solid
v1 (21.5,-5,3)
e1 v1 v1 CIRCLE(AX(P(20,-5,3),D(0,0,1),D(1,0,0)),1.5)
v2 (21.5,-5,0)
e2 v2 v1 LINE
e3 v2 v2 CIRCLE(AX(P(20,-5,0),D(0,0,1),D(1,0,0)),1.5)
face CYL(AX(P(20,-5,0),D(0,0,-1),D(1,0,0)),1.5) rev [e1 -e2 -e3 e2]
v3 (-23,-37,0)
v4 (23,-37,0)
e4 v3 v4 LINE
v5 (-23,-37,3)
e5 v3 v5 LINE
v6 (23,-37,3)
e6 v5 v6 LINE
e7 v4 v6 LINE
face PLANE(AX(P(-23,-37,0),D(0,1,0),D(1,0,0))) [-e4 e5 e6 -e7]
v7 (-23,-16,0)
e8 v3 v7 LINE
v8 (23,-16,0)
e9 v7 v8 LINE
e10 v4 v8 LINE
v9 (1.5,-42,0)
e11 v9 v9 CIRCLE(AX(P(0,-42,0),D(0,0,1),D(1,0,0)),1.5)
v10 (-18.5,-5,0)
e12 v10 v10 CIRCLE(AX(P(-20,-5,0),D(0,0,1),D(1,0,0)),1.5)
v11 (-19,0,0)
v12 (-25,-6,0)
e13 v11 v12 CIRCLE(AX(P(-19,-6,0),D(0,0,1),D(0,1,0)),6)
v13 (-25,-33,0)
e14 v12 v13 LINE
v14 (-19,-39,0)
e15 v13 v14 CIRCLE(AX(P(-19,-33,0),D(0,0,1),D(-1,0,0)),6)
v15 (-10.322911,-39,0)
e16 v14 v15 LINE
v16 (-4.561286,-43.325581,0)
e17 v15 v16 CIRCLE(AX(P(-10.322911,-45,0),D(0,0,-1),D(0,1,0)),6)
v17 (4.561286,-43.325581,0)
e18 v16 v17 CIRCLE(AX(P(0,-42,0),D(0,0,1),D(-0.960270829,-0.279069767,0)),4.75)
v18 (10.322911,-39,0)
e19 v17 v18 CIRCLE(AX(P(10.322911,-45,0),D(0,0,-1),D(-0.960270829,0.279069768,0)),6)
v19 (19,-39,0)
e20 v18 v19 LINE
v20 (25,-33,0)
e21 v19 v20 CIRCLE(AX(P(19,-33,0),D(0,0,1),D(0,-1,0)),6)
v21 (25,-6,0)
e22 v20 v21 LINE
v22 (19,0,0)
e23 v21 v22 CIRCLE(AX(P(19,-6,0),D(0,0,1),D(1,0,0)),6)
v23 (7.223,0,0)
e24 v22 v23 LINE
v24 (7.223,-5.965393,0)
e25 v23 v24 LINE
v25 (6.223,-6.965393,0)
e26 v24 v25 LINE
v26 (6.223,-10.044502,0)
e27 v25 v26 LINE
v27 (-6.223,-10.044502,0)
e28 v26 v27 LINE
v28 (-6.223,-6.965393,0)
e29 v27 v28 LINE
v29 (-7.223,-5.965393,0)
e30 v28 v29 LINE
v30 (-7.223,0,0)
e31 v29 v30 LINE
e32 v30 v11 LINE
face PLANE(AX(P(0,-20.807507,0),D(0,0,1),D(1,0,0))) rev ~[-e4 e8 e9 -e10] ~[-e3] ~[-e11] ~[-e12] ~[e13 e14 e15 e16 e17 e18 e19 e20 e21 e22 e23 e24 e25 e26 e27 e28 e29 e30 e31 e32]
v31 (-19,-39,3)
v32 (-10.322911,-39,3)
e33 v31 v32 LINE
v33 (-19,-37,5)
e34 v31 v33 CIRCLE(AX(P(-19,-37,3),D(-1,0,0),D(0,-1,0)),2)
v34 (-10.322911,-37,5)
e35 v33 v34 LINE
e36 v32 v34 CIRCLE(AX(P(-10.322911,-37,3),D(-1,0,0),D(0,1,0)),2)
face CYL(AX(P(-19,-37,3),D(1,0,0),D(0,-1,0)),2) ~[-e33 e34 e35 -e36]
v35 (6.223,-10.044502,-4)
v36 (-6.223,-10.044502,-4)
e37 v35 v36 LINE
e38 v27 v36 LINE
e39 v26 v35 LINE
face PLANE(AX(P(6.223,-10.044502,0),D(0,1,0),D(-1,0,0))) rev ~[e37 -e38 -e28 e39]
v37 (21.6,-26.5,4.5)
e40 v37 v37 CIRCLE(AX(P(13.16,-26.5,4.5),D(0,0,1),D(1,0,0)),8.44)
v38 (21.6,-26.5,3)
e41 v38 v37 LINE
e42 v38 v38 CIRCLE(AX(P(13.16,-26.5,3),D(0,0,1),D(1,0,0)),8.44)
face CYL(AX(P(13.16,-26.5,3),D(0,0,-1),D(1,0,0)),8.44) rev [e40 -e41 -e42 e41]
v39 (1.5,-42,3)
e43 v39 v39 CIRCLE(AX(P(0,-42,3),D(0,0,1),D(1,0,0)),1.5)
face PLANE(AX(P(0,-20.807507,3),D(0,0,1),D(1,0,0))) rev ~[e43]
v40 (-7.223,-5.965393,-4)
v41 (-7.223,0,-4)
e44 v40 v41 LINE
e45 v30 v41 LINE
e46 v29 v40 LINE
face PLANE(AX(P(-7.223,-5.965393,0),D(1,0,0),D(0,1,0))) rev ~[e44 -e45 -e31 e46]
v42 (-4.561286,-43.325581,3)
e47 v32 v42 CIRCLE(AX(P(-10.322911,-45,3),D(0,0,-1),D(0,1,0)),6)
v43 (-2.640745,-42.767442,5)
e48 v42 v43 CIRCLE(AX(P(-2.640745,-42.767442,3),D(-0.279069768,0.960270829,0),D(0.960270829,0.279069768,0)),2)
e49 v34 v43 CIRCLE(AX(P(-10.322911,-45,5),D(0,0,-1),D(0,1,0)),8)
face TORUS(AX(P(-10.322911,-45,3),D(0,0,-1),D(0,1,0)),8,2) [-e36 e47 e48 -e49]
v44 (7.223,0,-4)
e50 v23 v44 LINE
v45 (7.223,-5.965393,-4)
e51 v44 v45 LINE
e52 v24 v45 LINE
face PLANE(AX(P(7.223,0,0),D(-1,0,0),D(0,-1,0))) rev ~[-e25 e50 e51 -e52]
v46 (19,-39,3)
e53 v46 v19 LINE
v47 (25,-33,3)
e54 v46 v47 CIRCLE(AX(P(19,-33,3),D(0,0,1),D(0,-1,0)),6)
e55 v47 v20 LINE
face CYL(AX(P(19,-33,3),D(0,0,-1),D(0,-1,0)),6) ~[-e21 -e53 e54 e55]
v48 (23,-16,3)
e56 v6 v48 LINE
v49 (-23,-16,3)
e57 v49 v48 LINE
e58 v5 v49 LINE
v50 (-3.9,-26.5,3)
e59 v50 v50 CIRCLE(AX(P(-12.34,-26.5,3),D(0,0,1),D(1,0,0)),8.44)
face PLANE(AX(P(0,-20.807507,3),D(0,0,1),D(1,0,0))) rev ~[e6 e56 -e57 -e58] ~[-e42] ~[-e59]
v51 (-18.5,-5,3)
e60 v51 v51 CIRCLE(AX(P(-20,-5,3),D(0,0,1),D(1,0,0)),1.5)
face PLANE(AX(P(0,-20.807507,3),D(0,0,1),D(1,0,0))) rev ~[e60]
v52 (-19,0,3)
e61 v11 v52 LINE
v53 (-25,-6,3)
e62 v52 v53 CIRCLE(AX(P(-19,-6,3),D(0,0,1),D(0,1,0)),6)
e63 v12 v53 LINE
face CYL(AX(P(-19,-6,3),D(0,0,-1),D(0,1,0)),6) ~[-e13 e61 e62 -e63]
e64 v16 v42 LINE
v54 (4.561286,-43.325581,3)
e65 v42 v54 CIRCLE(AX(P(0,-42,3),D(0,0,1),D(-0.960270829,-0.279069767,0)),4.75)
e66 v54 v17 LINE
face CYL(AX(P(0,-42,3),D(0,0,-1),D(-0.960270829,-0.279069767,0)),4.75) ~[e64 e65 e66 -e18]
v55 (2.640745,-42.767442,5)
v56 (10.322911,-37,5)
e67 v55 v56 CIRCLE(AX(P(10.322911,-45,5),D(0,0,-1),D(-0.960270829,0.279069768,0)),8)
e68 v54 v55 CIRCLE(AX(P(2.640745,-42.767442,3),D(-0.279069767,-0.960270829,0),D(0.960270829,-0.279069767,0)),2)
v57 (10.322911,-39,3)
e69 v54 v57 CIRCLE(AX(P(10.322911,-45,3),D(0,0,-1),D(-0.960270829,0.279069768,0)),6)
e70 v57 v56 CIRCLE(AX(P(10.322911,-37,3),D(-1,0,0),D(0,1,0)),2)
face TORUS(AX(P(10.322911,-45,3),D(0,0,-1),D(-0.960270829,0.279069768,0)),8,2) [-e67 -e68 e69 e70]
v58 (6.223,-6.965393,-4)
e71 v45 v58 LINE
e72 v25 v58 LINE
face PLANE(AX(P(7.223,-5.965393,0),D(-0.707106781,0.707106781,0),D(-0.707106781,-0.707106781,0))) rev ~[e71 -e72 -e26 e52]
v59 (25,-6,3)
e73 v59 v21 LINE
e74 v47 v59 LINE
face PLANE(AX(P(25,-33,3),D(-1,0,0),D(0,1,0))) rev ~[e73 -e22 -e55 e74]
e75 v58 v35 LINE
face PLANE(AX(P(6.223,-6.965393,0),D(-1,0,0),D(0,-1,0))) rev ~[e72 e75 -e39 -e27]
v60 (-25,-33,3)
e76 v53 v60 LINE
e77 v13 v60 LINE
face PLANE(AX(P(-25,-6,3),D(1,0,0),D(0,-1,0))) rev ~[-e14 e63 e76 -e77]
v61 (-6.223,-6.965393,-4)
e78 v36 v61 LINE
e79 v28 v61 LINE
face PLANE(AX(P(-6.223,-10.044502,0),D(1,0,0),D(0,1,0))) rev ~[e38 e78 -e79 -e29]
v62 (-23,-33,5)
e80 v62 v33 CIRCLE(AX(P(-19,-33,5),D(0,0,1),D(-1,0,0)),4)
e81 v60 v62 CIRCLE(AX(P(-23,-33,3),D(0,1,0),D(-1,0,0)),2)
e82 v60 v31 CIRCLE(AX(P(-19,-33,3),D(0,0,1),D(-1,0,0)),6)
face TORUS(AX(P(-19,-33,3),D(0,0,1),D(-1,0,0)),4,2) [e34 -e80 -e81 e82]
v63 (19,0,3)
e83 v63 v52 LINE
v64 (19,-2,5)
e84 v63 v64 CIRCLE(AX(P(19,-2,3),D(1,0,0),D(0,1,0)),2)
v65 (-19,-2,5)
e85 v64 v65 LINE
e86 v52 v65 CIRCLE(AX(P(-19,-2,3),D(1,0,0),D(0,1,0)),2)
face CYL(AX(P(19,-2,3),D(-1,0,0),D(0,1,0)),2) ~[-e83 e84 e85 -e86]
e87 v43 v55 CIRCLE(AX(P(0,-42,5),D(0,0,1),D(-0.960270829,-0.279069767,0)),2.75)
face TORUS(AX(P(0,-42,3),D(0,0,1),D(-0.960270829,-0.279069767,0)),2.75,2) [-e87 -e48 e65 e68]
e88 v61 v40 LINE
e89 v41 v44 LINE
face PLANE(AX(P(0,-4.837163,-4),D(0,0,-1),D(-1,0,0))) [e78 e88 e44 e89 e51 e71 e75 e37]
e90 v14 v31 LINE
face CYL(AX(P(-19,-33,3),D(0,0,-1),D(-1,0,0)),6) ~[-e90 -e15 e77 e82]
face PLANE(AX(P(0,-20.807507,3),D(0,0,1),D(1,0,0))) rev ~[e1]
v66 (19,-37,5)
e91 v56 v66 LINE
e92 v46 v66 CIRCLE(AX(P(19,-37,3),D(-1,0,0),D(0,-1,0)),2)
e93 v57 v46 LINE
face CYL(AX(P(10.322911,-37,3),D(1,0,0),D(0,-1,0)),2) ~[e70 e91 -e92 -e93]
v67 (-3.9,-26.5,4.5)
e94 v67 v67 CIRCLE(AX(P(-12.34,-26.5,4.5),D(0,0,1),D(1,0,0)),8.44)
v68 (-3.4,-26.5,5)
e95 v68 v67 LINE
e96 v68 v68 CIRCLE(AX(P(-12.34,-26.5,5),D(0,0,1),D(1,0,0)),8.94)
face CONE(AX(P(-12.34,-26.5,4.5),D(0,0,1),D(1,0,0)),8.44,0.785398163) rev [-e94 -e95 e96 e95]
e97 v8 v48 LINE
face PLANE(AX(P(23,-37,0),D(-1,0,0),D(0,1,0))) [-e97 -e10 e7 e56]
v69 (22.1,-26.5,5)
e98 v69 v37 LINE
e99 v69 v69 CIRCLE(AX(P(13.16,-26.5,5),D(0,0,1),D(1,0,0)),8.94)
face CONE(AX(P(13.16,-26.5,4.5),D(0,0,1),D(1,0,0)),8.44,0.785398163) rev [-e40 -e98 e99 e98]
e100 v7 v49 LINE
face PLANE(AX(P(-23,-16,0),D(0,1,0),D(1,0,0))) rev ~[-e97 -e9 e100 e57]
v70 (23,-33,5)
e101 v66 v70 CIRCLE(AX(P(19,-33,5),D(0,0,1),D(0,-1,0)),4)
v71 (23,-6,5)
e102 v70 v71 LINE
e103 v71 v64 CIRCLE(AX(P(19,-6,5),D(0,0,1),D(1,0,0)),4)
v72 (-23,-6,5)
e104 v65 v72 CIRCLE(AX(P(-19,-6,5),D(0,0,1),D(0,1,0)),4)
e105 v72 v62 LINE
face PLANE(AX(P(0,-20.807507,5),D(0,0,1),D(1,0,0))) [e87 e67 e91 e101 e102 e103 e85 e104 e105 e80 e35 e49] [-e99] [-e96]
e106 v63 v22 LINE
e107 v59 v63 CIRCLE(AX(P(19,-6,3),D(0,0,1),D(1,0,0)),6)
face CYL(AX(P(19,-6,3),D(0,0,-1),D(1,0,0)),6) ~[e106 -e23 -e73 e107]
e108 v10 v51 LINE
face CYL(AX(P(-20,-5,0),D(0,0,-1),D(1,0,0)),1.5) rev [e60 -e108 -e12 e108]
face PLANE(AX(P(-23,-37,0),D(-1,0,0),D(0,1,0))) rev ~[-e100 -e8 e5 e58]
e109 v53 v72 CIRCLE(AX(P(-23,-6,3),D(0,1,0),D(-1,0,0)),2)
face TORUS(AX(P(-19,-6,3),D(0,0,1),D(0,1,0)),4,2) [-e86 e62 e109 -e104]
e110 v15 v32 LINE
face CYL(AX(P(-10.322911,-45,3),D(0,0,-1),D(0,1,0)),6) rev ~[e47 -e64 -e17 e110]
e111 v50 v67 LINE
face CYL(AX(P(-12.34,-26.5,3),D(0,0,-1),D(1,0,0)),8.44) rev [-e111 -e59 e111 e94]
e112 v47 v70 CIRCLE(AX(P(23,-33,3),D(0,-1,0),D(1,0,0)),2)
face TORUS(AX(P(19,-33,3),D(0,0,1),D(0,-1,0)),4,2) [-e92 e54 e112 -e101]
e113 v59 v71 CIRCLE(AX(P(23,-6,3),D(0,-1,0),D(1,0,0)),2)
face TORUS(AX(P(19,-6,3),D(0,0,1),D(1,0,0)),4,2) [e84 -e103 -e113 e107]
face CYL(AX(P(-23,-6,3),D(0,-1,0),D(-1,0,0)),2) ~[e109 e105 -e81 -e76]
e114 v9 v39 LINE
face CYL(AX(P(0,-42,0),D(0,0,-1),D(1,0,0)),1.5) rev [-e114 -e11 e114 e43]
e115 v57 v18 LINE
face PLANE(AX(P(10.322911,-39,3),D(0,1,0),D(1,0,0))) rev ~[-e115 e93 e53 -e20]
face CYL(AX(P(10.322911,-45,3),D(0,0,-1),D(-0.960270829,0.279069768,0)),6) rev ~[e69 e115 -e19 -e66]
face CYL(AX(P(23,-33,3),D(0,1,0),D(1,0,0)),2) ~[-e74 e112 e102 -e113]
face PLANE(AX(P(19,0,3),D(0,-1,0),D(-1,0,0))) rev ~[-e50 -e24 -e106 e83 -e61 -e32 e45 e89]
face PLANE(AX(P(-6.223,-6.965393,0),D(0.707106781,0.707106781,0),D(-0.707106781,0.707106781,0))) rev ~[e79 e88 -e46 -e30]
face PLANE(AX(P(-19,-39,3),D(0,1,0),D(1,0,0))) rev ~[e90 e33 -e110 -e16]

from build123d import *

# Parameters (mm, degrees)
SKETCH1_W           = 46
SKETCH1_H           = 21
SKETCH1_R           = 1.5
BOSS_EXTRUDE1_DEPTH = 3
BOSS_EXTRUDE2_DEPTH = 4
SKETCH5_R           = 8.44
BOSS_EXTRUDE3_DEPTH = 2
FILLET3_R           = 2
CHAMFER1_SIZE       = 0.5


with BuildPart() as part:
    # Sketch1 → Boss-Extrude1 (new body)
    with BuildSketch(Plane.XY):
        with BuildLine():
            Line((19, 0), (-19, 0))
            ThreePointArc((-19, 0), (-23.242640687, -1.757359313), (-25, -6))
            Line((-25, -6), (-25, -33))
            ThreePointArc((-25, -33), (-23.242640687, -37.242640687), (-19, -39))
            Line((-19, -39), (-10.322911411, -39))
            ThreePointArc((-10.322911411, -39), (-6.72058658, -40.201744503), (-4.561286437, -43.325581395))
            ThreePointArc((-4.561286437, -43.325581395), (0, -46.75), (4.561286437, -43.325581395))
            ThreePointArc((4.561286437, -43.325581395), (6.72058658, -40.201744503), (10.322911411, -39))
            Line((10.322911411, -39), (19, -39))
            ThreePointArc((19, -39), (23.242640687, -37.242640687), (25, -33))
            Line((25, -33), (25, -6))
            ThreePointArc((25, -6), (23.242640687, -1.757359313), (19, 0))
        make_face()
        with Locations((0, -26.5)):
            Rectangle(SKETCH1_W, SKETCH1_H, mode=Mode.SUBTRACT)
        with Locations((0, -42)):
            Circle(SKETCH1_R, mode=Mode.SUBTRACT)
        with Locations((-20, -5)):
            Circle(SKETCH1_R, mode=Mode.SUBTRACT)
        with Locations((20, -5)):
            Circle(SKETCH1_R, mode=Mode.SUBTRACT)
    extrude(amount=BOSS_EXTRUDE1_DEPTH)

    # Sketch3 → Boss-Extrude2 (add)
    with BuildSketch(Plane(origin=(0, 0, 0), x_dir=(-1, 0, 0), z_dir=(0, 0, -1))):
        Polygon((-7.223, 0), (-7.223, -5.965393219), (-6.223, -6.965393219), (-6.223, -10.04450176), (6.223, -10.04450176), (6.223, -6.965393219), (7.223, -5.965393219), (7.223, 0), align=None)
    extrude(amount=BOSS_EXTRUDE2_DEPTH)

    # Sketch5 → Boss-Extrude3 (add)
    with BuildSketch(Plane.XY.offset(3)):
        with BuildLine():
            Line((19, 0), (-19, 0))
            ThreePointArc((-19, 0), (-23.242640687, -1.757359313), (-25, -6))
            Line((-25, -6), (-25, -33))
            ThreePointArc((-25, -33), (-23.242640687, -37.242640687), (-19, -39))
            Line((-19, -39), (-10.322911411, -39))
            ThreePointArc((-10.322911411, -39), (-6.72058658, -40.201744503), (-4.561286437, -43.325581395))
            ThreePointArc((-4.561286437, -43.325581395), (0, -46.75), (4.561286437, -43.325581395))
            ThreePointArc((4.561286437, -43.325581395), (6.72058658, -40.201744503), (10.322911411, -39))
            Line((10.322911411, -39), (19, -39))
            ThreePointArc((19, -39), (23.242640687, -37.242640687), (25, -33))
            Line((25, -33), (25, -6))
            ThreePointArc((25, -6), (23.242640687, -1.757359313), (19, 0))
        make_face()
        with Locations((13.16, -26.5)):
            Circle(SKETCH5_R, mode=Mode.SUBTRACT)
        with Locations((-12.34, -26.5)):
            Circle(SKETCH5_R, mode=Mode.SUBTRACT)
    extrude(amount=BOSS_EXTRUDE3_DEPTH)

    # Fillet3
    fillet3_edges = [part.edges().sort_by_distance(p)[0] for p in [
        (-6.72058658, -40.201744503, 5),
        (0, -46.75, 5),
        (6.72058658, -40.201744503, 5),
        (14.661455706, -39, 5),
        (23.242640687, -37.242640687, 5),
        (25, -19.5, 5),
        (23.242640687, -1.757359313, 5),
        (0, 0, 5),
        (-23.242640687, -1.757359313, 5),
        (-25, -19.5, 5),
        (-23.242640687, -37.242640687, 5),
        (-14.661455706, -39, 5),
    ]]
    fillet(fillet3_edges, radius=FILLET3_R)

    # Chamfer1
    chamfer1_edges = [part.edges().sort_by_distance(p)[0] for p in [
        (-20.78, -26.5, 5),
        (4.72, -26.5, 5),
    ]]
    chamfer(chamfer1_edges, length=CHAMFER1_SIZE)


solid = part.part
